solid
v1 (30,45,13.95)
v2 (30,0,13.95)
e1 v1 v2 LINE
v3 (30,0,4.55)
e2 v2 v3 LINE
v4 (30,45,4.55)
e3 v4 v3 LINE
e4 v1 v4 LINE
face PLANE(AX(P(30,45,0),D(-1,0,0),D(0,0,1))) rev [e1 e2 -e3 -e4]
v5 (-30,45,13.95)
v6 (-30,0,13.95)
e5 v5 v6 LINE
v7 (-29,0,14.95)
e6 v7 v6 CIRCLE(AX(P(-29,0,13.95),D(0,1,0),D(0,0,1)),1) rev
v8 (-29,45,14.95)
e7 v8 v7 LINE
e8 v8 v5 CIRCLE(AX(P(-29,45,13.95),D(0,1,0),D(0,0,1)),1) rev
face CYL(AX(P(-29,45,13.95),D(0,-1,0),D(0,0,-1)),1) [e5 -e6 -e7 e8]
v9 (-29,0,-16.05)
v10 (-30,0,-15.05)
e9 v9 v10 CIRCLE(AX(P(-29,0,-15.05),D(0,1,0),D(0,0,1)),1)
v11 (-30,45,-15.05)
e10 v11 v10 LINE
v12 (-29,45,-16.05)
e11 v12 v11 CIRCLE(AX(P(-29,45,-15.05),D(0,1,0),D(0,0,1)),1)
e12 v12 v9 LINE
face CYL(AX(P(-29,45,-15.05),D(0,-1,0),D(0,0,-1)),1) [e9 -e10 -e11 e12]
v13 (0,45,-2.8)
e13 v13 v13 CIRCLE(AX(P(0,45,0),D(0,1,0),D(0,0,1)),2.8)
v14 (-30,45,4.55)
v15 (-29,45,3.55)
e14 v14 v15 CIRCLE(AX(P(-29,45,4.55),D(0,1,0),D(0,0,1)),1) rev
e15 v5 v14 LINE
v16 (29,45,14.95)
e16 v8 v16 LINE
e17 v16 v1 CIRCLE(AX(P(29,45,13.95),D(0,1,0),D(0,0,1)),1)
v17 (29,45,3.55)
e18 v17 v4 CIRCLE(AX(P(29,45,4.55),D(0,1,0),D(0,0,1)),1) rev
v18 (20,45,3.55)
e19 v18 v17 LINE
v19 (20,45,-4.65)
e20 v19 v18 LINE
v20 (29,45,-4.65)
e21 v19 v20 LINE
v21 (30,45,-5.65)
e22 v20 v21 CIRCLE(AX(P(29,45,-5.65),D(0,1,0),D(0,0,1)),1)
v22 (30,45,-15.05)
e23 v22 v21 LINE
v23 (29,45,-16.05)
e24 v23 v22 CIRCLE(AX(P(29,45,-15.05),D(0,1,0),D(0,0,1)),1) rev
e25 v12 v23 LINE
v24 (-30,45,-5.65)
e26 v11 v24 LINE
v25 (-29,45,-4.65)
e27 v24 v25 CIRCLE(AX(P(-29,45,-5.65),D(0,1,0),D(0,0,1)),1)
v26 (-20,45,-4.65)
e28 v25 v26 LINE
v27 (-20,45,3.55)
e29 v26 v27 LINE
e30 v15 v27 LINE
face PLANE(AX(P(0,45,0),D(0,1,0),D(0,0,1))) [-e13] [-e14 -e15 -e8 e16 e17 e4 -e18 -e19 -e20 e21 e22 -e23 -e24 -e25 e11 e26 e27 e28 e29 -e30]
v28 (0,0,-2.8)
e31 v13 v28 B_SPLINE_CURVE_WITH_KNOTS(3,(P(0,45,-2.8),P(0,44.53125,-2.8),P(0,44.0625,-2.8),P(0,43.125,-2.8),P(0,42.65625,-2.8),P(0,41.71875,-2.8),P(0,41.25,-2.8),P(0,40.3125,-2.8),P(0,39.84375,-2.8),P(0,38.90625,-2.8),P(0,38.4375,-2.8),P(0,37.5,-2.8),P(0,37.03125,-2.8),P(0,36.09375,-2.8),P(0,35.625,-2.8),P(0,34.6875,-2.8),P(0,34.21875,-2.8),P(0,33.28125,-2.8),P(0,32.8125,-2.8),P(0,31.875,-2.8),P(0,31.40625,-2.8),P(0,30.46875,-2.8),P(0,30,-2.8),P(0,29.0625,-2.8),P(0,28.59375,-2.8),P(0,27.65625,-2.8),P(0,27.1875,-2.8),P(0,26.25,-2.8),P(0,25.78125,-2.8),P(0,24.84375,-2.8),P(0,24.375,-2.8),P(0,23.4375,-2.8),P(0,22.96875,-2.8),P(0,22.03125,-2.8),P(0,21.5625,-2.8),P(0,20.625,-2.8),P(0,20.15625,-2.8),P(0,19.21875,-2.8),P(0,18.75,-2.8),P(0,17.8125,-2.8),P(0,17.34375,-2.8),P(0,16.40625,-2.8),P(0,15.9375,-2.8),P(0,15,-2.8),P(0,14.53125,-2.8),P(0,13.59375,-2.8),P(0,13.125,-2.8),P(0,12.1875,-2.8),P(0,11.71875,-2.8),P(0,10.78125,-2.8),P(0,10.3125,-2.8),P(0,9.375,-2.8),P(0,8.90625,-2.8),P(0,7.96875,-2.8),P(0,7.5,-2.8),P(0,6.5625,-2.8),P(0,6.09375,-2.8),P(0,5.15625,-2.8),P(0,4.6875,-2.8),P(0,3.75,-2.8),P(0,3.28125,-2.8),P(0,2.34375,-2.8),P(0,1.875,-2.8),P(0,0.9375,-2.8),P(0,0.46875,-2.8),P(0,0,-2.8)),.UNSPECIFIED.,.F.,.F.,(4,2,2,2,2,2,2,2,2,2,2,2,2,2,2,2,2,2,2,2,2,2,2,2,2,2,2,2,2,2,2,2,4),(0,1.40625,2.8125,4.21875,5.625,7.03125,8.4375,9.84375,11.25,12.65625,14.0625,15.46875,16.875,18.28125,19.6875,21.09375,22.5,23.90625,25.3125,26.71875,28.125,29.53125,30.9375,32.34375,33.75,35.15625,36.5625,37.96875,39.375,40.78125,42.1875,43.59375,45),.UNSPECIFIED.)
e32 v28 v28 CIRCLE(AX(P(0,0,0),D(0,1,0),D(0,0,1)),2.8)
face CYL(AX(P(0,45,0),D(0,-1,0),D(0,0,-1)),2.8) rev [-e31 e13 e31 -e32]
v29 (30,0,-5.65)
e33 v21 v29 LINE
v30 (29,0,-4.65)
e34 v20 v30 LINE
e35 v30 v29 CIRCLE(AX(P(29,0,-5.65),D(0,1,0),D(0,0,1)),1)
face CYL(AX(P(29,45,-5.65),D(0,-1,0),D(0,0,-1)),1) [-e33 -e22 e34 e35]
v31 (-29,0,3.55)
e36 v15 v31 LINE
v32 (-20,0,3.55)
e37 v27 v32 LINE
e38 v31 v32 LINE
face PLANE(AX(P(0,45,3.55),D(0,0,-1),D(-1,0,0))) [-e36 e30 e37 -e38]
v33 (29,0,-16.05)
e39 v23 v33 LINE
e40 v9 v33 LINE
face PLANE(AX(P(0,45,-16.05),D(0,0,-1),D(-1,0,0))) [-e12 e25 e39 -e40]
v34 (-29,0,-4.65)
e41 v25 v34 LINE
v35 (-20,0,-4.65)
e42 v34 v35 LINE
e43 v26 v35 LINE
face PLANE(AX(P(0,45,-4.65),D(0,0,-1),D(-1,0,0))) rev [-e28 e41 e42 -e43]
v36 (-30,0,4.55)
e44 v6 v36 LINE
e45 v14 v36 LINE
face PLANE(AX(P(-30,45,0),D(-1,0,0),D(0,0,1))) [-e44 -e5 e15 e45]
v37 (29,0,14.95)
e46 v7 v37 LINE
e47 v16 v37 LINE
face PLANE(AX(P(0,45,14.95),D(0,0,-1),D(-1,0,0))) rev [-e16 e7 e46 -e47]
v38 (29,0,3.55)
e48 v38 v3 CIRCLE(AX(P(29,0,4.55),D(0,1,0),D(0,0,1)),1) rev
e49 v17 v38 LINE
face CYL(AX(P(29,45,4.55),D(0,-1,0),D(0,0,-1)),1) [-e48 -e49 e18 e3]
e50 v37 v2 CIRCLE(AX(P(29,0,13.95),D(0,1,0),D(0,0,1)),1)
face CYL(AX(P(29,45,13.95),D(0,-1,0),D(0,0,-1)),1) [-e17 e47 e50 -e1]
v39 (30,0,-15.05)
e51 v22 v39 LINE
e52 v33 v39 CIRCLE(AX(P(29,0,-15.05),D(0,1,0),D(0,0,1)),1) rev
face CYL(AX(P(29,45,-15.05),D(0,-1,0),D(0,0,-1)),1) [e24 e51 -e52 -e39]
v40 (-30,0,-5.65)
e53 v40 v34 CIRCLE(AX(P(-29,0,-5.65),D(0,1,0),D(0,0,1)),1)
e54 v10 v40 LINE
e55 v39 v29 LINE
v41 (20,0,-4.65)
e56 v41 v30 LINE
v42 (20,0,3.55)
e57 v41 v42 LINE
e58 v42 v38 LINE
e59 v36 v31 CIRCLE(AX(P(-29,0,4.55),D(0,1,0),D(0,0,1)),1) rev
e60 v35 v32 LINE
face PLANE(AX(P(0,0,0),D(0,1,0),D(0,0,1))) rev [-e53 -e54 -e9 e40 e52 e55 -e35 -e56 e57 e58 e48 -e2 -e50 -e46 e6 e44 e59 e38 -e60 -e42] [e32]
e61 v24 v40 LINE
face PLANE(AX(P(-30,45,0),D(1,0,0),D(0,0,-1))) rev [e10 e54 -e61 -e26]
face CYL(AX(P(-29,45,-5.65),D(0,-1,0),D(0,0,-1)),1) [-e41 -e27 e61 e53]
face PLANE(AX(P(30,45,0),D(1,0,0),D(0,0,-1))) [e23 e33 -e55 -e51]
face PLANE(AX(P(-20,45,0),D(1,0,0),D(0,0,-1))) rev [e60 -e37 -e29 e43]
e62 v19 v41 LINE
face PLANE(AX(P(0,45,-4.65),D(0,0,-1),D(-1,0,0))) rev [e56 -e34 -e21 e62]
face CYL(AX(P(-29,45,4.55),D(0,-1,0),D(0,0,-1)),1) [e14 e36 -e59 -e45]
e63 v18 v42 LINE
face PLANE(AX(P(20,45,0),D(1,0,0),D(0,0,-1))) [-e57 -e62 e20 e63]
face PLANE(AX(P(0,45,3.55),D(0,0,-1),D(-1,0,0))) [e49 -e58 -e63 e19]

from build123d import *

# Parameters (mm, degrees)
SKETCH1_R           = 2.8
BOSS_EXTRUDE1_DEPTH = 45


with BuildPart() as part:
    # Sketch1 → Boss-Extrude1 (new body)
    with BuildSketch(Plane(origin=(0, 0, 0), x_dir=(1, 0, 0), z_dir=(0, 1, 0))):
        with BuildLine():
            Line((20, -3.55), (20, 4.65))
            Line((20, 4.65), (29, 4.65))
            ThreePointArc((29, 4.65), (29.707106781, 4.942893219), (30, 5.65))
            Line((30, 5.65), (30, 15.05))
            ThreePointArc((30, 15.05), (29.707106781, 15.757106781), (29, 16.05))
            Line((29, 16.05), (20, 16.05))
            Line((20, 16.05), (-20, 16.05))
            Line((-20, 16.05), (-29, 16.05))
            ThreePointArc((-29, 16.05), (-29.707106781, 15.757106781), (-30, 15.05))
            Line((-30, 15.05), (-30, 5.65))
            ThreePointArc((-30, 5.65), (-29.707106781, 4.942893219), (-29, 4.65))
            Line((-29, 4.65), (-20, 4.65))
            Line((-20, 4.65), (-20, -3.55))
            Line((-20, -3.55), (-29, -3.55))
            ThreePointArc((-29, -3.55), (-29.707106781, -3.842893219), (-30, -4.55))
            Line((-30, -4.55), (-30, -13.95))
            ThreePointArc((-30, -13.95), (-29.707106781, -14.657106781), (-29, -14.95))
            Line((-29, -14.95), (-20, -14.95))
            Line((-20, -14.95), (20, -14.95))
            Line((20, -14.95), (29, -14.95))
            ThreePointArc((29, -14.95), (29.707106781, -14.657106781), (30, -13.95))
            Line((30, -13.95), (30, -4.55))
            ThreePointArc((30, -4.55), (29.707106781, -3.842893219), (29, -3.55))
            Line((29, -3.55), (20, -3.55))
        make_face()
        with Locations(Location((0, 0, 0), (0, 0, 90))):
            Circle(SKETCH1_R, mode=Mode.SUBTRACT)
    extrude(amount=BOSS_EXTRUDE1_DEPTH)


solid = part.part
